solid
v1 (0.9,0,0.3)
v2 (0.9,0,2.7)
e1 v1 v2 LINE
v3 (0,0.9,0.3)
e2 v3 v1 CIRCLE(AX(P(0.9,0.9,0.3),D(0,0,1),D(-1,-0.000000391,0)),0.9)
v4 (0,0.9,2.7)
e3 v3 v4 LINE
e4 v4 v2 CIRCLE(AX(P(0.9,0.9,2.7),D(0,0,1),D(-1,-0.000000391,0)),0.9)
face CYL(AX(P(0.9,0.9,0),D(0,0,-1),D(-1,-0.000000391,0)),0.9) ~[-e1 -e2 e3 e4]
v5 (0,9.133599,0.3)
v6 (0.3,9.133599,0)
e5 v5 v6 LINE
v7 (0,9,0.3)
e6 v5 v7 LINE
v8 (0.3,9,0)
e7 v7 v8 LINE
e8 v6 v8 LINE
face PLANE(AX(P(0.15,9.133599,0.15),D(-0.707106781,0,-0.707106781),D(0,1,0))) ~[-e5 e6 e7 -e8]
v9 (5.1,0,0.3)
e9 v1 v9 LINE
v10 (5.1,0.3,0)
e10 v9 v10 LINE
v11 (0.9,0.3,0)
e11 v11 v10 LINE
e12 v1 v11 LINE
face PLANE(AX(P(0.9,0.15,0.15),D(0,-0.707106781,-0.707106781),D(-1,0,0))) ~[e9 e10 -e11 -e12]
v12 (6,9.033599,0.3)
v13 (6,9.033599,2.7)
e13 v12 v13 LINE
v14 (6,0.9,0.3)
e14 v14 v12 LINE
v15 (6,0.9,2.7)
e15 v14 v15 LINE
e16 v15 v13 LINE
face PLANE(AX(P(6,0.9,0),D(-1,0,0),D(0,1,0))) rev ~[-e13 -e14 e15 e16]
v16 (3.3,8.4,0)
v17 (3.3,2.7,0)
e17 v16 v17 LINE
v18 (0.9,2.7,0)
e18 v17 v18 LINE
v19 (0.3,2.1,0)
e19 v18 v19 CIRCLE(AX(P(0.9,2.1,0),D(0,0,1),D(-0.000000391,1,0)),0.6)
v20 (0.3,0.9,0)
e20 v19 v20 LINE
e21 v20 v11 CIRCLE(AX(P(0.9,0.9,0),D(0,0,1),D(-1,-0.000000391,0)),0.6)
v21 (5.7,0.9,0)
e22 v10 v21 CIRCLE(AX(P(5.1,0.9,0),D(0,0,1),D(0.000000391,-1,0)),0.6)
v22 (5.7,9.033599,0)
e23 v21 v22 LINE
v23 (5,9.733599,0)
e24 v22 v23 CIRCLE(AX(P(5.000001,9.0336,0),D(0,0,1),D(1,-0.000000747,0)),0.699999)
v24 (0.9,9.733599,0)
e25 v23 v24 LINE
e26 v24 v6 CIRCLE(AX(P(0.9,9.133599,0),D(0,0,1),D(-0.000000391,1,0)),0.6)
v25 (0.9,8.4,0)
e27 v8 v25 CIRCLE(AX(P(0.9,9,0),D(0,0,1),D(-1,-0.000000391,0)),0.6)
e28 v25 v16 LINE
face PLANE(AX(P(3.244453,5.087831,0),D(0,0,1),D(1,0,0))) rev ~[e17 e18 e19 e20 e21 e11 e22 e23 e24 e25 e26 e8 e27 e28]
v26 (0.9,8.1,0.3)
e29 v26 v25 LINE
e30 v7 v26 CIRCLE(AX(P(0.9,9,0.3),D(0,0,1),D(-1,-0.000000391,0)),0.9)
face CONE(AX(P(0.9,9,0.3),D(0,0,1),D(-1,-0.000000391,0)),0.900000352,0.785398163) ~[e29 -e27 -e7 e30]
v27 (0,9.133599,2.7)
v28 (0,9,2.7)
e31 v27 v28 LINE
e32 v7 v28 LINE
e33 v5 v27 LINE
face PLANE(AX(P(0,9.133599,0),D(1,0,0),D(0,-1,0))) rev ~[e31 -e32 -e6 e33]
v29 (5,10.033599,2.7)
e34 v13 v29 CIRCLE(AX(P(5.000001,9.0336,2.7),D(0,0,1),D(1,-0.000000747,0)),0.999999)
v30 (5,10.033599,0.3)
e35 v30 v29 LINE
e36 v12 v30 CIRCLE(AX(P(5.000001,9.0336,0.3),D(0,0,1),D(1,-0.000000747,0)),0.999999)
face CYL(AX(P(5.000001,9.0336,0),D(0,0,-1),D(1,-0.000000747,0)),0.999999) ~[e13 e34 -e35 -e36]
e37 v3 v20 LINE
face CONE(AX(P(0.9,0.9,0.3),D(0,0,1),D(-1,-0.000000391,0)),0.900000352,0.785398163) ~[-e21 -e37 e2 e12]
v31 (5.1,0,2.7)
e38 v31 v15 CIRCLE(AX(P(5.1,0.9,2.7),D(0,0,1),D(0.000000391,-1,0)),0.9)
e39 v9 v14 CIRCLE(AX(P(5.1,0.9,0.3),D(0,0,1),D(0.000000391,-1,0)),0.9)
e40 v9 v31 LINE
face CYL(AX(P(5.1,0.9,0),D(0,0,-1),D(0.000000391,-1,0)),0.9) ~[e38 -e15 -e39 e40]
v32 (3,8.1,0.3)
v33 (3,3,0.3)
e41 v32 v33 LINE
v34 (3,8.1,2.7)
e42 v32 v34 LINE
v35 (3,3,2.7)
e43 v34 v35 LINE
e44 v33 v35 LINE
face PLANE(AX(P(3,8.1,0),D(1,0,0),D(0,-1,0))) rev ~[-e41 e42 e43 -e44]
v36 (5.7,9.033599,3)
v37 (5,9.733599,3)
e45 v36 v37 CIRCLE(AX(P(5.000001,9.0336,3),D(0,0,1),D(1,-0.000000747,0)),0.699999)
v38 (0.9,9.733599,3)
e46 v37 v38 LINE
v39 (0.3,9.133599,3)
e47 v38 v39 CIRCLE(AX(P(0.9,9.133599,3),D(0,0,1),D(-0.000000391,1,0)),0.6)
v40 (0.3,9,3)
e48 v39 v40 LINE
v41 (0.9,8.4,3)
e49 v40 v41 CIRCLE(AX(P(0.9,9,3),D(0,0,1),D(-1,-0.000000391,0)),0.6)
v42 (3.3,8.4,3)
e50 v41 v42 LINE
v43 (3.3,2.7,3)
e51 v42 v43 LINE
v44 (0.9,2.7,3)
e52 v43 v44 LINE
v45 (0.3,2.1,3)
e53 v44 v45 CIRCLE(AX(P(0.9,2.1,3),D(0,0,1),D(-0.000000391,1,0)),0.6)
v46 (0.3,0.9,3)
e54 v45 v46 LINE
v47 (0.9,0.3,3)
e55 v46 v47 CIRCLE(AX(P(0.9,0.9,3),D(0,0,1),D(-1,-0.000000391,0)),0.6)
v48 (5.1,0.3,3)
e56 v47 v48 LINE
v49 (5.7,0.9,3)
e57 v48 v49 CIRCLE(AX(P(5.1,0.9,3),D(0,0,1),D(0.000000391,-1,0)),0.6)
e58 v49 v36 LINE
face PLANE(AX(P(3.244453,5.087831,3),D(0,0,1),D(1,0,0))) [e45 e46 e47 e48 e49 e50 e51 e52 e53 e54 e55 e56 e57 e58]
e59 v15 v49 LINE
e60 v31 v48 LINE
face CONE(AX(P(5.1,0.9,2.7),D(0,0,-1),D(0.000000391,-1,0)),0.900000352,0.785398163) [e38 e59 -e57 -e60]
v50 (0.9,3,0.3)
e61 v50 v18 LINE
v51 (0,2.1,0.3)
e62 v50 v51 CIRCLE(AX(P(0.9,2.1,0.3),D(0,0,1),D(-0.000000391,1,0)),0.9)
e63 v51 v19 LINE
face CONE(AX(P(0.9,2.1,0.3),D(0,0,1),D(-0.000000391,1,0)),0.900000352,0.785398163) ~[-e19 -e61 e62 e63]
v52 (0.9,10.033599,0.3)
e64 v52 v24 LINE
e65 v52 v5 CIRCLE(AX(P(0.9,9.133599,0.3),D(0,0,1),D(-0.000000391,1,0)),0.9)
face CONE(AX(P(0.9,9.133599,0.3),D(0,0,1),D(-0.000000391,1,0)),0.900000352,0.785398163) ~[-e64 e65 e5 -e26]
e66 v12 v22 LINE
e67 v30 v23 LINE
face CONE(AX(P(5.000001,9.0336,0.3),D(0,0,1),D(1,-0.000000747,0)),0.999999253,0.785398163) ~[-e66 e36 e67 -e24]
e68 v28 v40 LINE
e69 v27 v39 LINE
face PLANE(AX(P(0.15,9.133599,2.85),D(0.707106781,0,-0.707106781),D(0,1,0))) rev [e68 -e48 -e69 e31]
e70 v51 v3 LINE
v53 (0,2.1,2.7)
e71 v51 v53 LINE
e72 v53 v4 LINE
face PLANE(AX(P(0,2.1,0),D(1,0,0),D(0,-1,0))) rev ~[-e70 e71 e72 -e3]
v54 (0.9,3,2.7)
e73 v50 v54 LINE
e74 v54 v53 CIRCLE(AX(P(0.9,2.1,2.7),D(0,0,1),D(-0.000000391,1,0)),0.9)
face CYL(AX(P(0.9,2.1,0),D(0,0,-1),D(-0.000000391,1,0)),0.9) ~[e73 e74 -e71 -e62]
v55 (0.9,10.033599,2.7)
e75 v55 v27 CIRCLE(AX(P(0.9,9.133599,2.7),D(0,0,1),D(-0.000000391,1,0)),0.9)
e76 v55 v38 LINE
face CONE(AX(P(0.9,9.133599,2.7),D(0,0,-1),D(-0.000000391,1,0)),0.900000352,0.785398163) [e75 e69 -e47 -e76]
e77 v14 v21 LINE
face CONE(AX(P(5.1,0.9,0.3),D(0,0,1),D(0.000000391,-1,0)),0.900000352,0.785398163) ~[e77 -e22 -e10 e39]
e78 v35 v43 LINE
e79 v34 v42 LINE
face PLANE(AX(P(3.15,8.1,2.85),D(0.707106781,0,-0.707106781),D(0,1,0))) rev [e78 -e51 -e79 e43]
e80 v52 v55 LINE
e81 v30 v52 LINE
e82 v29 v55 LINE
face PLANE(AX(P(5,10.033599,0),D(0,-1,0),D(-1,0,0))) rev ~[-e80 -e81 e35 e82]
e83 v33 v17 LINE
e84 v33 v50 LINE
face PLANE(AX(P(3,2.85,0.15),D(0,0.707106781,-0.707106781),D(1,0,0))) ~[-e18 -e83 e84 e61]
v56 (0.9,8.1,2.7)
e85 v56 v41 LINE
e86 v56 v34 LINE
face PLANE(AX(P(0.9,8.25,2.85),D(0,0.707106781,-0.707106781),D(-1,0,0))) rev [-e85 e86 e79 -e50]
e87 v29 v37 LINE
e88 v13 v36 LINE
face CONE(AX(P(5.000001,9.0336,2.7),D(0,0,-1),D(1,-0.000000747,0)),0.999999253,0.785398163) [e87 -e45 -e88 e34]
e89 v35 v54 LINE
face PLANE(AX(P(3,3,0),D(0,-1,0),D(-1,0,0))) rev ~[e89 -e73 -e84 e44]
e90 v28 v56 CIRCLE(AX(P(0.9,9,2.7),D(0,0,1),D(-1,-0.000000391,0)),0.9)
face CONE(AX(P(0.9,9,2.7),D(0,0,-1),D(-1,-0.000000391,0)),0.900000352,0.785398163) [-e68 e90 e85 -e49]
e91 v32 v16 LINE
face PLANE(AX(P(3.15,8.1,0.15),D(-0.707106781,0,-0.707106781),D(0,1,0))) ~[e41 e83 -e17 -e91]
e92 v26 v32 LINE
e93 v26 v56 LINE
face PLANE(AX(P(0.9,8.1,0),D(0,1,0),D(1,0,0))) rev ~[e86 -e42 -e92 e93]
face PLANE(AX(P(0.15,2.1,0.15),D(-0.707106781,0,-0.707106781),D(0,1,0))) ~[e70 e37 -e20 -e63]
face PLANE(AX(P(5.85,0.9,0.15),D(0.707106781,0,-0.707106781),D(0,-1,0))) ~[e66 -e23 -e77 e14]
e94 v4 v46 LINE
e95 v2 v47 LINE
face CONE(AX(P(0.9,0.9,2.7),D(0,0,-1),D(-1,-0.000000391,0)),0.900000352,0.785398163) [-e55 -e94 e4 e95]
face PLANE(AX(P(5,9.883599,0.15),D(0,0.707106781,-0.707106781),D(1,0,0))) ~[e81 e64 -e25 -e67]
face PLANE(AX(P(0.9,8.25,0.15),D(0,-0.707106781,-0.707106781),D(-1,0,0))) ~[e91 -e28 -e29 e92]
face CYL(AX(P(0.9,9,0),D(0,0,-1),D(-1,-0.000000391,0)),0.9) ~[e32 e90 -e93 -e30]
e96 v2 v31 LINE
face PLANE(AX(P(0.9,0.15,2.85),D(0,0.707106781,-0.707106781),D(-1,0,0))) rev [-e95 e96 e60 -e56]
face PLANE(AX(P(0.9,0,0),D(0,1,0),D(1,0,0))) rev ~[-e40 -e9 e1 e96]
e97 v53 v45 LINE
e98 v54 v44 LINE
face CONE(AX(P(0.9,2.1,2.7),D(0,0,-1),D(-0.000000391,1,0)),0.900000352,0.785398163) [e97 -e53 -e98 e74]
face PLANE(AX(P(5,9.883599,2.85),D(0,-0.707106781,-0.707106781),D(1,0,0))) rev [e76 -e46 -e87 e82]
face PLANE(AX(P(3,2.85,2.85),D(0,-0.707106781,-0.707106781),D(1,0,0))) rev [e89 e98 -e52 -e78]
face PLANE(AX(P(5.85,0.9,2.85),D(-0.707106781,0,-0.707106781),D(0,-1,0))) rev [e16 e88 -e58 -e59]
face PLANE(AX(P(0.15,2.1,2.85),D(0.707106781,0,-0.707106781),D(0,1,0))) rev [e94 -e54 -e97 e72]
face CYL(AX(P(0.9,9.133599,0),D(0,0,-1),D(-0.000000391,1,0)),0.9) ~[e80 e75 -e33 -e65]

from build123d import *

# Parameters (mm, degrees)
F1_DEPTH = 3
F2_SIZE  = 0.3


with BuildPart() as f1:
    # F0 (on Top) → F1 (new body)
    with BuildSketch(Plane.XY):
        with BuildLine():
            ThreePointArc((0, 9), (0.263604, 8.363604), (0.9, 8.1))
            Line((0.9, 8.1), (3, 8.1))
            Line((3, 8.1), (3, 3))
            Line((3, 3), (0.9, 3))
            ThreePointArc((0.9, 3), (0.263604, 2.736396), (0, 2.1))
            Line((0, 2.1), (0, 0.9))
            ThreePointArc((0, 0.9), (0.263604, 0.263604), (0.9, 0))
            Line((0.9, 0), (5.1, 0))
            ThreePointArc((5.1, 0), (5.736396, 0.263604), (6, 0.9))
            Line((6, 0.9), (6, 9.033599))
            ThreePointArc((6, 9.033599), (5.707107, 9.740706), (5, 10.033599))
            Line((5, 10.033599), (0.9, 10.033599))
            ThreePointArc((0.9, 10.033599), (0.263604, 9.769995), (0, 9.133599))
            Line((0, 9.133599), (0, 9))
        make_face()
    extrude(amount=F1_DEPTH)

    # F2
    f2_edges = [f1.edges().sort_by_distance(p)[0] for p in [
        (0.263604, 8.363604, 3),
        (1.95, 8.1, 3),
        (3, 5.55, 3),
        (1.95, 3, 3),
        (0.263604, 2.736396, 3),
        (0, 1.5, 3),
        (0.263604, 0.263604, 3),
        (3, 0, 3),
        (5.736396, 0.263604, 3),
        (6, 4.966799, 3),
        (5.707107, 9.740706, 3),
        (2.95, 10.033599, 3),
        (0.263604, 9.769995, 3),
        (0, 9.066799, 3),
        (0.263604, 8.363604, 0),
        (1.95, 8.1, 0),
        (3, 5.55, 0),
        (1.95, 3, 0),
        (0.263604, 2.736396, 0),
        (0, 1.5, 0),
        (0.263604, 0.263604, 0),
        (3, 0, 0),
        (5.736396, 0.263604, 0),
        (6, 4.966799, 0),
        (5.707107, 9.740706, 0),
        (2.95, 10.033599, 0),
        (0.263604, 9.769995, 0),
        (0, 9.066799, 0),
    ]]
    chamfer(f2_edges, length=F2_SIZE)


solid = f1.part
